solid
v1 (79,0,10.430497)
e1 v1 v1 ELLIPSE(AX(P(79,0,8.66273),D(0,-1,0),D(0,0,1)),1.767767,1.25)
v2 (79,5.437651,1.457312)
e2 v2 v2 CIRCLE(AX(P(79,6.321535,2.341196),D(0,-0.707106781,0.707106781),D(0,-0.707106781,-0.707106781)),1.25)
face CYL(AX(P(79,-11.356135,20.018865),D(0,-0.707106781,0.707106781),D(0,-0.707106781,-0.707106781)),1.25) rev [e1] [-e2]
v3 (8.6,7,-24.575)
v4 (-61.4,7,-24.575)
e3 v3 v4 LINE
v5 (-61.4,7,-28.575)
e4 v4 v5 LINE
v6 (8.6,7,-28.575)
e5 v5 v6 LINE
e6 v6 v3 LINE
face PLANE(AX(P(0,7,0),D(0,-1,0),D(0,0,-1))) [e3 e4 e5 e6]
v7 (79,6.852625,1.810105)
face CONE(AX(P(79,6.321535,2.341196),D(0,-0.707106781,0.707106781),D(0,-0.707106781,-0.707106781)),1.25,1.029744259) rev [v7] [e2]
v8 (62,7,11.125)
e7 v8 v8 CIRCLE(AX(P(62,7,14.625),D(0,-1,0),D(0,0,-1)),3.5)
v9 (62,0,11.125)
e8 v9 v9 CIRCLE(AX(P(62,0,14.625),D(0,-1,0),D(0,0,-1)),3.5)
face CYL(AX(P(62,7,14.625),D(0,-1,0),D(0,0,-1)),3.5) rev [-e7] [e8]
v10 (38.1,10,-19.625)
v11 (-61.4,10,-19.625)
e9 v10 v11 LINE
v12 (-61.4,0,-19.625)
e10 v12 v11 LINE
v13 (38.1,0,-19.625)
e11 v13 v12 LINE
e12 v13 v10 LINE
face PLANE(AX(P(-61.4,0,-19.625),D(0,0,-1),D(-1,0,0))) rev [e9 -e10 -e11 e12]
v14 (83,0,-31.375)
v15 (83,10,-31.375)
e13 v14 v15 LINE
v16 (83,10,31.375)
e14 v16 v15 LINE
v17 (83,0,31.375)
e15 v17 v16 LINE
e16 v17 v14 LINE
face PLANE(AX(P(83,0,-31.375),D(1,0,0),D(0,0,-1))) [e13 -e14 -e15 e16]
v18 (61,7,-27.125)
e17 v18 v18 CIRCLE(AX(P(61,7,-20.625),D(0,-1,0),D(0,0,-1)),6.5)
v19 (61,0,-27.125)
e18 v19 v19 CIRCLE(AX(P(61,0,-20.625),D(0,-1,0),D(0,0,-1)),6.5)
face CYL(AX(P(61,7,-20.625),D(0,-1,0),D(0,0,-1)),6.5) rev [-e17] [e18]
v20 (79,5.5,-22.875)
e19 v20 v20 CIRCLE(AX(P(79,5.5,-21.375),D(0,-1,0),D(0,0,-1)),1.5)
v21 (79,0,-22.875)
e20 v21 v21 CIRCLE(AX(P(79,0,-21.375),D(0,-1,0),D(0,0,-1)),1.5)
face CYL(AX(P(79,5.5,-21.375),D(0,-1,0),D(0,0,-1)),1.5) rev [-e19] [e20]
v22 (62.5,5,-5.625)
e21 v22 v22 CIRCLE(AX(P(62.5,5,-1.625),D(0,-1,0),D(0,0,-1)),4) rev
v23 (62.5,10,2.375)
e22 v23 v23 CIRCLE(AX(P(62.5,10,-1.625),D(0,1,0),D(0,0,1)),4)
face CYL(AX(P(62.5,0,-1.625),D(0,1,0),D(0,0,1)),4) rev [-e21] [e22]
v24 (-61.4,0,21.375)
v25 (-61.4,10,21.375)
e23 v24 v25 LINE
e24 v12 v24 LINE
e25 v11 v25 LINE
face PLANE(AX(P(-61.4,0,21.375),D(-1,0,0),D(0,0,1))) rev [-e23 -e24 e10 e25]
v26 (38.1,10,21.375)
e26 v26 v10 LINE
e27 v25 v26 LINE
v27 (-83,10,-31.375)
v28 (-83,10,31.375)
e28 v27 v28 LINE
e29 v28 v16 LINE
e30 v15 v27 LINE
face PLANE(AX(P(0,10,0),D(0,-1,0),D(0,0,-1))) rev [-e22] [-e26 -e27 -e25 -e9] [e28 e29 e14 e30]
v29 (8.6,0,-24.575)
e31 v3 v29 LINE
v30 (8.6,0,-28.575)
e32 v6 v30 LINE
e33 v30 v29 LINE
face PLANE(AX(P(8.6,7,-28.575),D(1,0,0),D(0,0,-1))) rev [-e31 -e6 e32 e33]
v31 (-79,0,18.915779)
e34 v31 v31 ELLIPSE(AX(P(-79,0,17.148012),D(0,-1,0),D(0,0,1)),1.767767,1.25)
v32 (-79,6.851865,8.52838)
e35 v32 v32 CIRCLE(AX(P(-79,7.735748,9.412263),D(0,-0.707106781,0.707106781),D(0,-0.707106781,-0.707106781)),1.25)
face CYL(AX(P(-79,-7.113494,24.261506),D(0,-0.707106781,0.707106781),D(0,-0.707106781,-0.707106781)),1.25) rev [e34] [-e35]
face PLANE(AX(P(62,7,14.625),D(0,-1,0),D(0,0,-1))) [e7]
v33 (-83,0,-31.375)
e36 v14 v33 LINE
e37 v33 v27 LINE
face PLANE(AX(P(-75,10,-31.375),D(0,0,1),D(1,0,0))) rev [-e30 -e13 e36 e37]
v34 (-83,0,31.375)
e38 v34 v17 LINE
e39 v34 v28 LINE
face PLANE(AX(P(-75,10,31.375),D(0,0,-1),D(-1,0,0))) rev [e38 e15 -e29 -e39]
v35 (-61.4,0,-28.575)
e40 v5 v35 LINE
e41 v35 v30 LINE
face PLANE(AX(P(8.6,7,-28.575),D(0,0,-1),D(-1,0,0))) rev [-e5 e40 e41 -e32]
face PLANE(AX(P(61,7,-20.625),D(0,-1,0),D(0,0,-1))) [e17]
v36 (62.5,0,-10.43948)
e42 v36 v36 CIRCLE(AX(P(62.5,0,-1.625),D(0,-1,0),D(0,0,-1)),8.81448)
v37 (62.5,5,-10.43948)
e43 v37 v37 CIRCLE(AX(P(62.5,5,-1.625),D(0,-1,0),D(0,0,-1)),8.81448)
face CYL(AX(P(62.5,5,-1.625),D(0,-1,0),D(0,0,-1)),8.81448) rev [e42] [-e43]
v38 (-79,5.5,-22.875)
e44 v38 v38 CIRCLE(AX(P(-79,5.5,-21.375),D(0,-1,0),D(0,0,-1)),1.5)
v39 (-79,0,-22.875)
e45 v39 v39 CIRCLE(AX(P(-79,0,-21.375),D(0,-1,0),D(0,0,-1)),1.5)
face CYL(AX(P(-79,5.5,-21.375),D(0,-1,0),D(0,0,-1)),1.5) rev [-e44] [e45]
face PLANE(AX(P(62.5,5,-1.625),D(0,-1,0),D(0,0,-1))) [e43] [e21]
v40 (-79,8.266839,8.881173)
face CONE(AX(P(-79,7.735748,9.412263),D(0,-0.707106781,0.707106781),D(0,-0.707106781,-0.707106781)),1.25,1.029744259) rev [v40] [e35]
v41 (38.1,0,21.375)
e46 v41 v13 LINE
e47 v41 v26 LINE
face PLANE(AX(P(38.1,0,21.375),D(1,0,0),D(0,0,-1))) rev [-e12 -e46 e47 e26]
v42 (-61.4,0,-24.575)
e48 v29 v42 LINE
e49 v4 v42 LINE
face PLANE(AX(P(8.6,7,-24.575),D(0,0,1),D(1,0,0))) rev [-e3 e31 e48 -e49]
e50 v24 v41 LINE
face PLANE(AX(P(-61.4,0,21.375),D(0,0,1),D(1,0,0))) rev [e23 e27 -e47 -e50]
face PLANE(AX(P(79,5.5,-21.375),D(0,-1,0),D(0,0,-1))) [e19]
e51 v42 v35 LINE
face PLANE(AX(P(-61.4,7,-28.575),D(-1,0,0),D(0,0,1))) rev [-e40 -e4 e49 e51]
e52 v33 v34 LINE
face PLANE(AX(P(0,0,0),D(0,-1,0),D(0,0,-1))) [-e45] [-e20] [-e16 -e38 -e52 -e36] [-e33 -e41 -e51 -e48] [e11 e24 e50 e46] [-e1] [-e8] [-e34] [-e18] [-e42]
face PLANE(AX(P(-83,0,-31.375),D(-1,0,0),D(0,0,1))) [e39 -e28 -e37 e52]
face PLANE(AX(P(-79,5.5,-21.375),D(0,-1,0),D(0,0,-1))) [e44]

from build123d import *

# Parameters (mm, degrees)
SKETCH2_W                 = 150
SKETCH2_H                 = 62.75
BOSS_EXTRUDE1_DEPTH       = 10
SKETCH3_W                 = 99.5
SKETCH3_H                 = 41
CUT_EXTRUDE1_DEPTH        = 11
SKETCH7_W                 = 70
SKETCH7_H                 = 4
CUT_EXTRUDE4_DEPTH        = 7
SKETCH8_R                 = 4
CUT_EXTRUDE5_DEPTH        = 11
SKETCH9_R                 = 6.5
CUT_EXTRUDE6_DEPTH        = 7
SKETCH10_R                = 3.5
CUT_EXTRUDE7_DEPTH        = 7
SKETCH11_W                = 8
SKETCH11_H                = 62.75
BOSS_EXTRUDE2_DEPTH       = 10
M3X0_5_TAPPED_HOLE2_D     = 2.5
M3X0_5_TAPPED_HOLE2_DEPTH = 25
M3X0_5_TAPPED_HOLE2_TIP   = 0.751075774
M3X0_5_TAPPED_HOLE3_D     = 2.5
M3X0_5_TAPPED_HOLE3_DEPTH = 21
M3X0_5_TAPPED_HOLE3_TIP   = 0.751075774
SKETCH28_R                = 1.5
CUT_EXTRUDE8_DEPTH        = 5.5
SKETCH29_R                = 8.814479729
CUT_EXTRUDE9_DEPTH        = 5


with BuildPart() as part:
    # Sketch2 → Boss-Extrude1 (new body)
    with BuildSketch(Plane(origin=(0, 0, 0), x_dir=(1, 0, 0), z_dir=(0, 1, 0))):
        Rectangle(SKETCH2_W, SKETCH2_H)
    extrude(amount=BOSS_EXTRUDE1_DEPTH)

    # Sketch3 → Cut-Extrude1 (cut, through all)
    with BuildSketch(Plane(origin=(0, 10, 0), x_dir=(1, 0, 0), z_dir=(0, 1, 0))):
        with Locations((-11.65, -0.875)):
            Rectangle(SKETCH3_W, SKETCH3_H)
    extrude(amount=-CUT_EXTRUDE1_DEPTH, mode=Mode.SUBTRACT)

    # Sketch7 → Cut-Extrude4 (cut)
    with BuildSketch(Plane.XZ):
        with Locations((-26.4, -26.575)):
            Rectangle(SKETCH7_W, SKETCH7_H)
    extrude(amount=-CUT_EXTRUDE4_DEPTH, mode=Mode.SUBTRACT)

    # Sketch8 → Cut-Extrude5 (cut, through all)
    with BuildSketch(Plane(origin=(0, 10, 0), x_dir=(1, 0, 0), z_dir=(0, 1, 0))):
        with Locations((62.5, 1.625)):
            Circle(SKETCH8_R)
    extrude(amount=-CUT_EXTRUDE5_DEPTH, mode=Mode.SUBTRACT)

    # Sketch9 → Cut-Extrude6 (cut)
    with BuildSketch(Plane.XZ):
        with Locations((61, -20.625)):
            Circle(SKETCH9_R)
    extrude(amount=-CUT_EXTRUDE6_DEPTH, mode=Mode.SUBTRACT)

    # Sketch10 → Cut-Extrude7 (cut)
    with BuildSketch(Plane(origin=(0, 0, 0), x_dir=(-1, 0, 0), z_dir=(0, -1, 0))):
        with Locations((-62, -14.625)):
            Circle(SKETCH10_R)
    extrude(amount=-CUT_EXTRUDE7_DEPTH, mode=Mode.SUBTRACT)

    # Sketch11 → Boss-Extrude2 (add, through all)
    with BuildSketch(Plane(origin=(0, 10, 0), x_dir=(1, 0, 0), z_dir=(0, 1, 0))):
        with Locations((-79, 0)):
            Rectangle(SKETCH11_W, SKETCH11_H)
        with Locations((79, 0)):
            Rectangle(SKETCH11_W, SKETCH11_H)
    extrude(amount=-BOSS_EXTRUDE2_DEPTH)

    # M3x0.5 Tapped Hole2
    with Locations(Plane(origin=(0, -15.6875, 15.6875), x_dir=(1, 0, 0), z_dir=(0, -0.707106781, 0.707106781))):
        with Locations((79, 6.12547526)):
            Hole(M3X0_5_TAPPED_HOLE2_D / 2, depth=M3X0_5_TAPPED_HOLE2_DEPTH)
            with Locations((0, 0, -(M3X0_5_TAPPED_HOLE2_DEPTH + M3X0_5_TAPPED_HOLE2_TIP / 2))):  # 118° drill point
                Cone(0, M3X0_5_TAPPED_HOLE2_D / 2, M3X0_5_TAPPED_HOLE2_TIP, mode=Mode.SUBTRACT)

    # M3x0.5 Tapped Hole3
    with Locations(Plane(origin=(0, -15.6875, 15.6875), x_dir=(-1, 0, 0), z_dir=(0, -0.707106781, 0.707106781))):
        with Locations((79, -12.12547526)):
            Hole(M3X0_5_TAPPED_HOLE3_D / 2, depth=M3X0_5_TAPPED_HOLE3_DEPTH)
            with Locations((0, 0, -(M3X0_5_TAPPED_HOLE3_DEPTH + M3X0_5_TAPPED_HOLE3_TIP / 2))):  # 118° drill point
                Cone(0, M3X0_5_TAPPED_HOLE3_D / 2, M3X0_5_TAPPED_HOLE3_TIP, mode=Mode.SUBTRACT)

    # Sketch28 → Cut-Extrude8 (cut)
    with BuildSketch(Plane.XZ):
        with Locations((79, -21.375)):
            Circle(SKETCH28_R)
        with Locations((-79, -21.375)):
            Circle(SKETCH28_R)
    extrude(amount=-CUT_EXTRUDE8_DEPTH, mode=Mode.SUBTRACT)

    # Sketch29 → Cut-Extrude9 (cut)
    with BuildSketch(Plane.XZ):
        with Locations((62.5, -1.625)):
            Circle(SKETCH29_R)
    extrude(amount=-CUT_EXTRUDE9_DEPTH, mode=Mode.SUBTRACT)


solid = part.part
